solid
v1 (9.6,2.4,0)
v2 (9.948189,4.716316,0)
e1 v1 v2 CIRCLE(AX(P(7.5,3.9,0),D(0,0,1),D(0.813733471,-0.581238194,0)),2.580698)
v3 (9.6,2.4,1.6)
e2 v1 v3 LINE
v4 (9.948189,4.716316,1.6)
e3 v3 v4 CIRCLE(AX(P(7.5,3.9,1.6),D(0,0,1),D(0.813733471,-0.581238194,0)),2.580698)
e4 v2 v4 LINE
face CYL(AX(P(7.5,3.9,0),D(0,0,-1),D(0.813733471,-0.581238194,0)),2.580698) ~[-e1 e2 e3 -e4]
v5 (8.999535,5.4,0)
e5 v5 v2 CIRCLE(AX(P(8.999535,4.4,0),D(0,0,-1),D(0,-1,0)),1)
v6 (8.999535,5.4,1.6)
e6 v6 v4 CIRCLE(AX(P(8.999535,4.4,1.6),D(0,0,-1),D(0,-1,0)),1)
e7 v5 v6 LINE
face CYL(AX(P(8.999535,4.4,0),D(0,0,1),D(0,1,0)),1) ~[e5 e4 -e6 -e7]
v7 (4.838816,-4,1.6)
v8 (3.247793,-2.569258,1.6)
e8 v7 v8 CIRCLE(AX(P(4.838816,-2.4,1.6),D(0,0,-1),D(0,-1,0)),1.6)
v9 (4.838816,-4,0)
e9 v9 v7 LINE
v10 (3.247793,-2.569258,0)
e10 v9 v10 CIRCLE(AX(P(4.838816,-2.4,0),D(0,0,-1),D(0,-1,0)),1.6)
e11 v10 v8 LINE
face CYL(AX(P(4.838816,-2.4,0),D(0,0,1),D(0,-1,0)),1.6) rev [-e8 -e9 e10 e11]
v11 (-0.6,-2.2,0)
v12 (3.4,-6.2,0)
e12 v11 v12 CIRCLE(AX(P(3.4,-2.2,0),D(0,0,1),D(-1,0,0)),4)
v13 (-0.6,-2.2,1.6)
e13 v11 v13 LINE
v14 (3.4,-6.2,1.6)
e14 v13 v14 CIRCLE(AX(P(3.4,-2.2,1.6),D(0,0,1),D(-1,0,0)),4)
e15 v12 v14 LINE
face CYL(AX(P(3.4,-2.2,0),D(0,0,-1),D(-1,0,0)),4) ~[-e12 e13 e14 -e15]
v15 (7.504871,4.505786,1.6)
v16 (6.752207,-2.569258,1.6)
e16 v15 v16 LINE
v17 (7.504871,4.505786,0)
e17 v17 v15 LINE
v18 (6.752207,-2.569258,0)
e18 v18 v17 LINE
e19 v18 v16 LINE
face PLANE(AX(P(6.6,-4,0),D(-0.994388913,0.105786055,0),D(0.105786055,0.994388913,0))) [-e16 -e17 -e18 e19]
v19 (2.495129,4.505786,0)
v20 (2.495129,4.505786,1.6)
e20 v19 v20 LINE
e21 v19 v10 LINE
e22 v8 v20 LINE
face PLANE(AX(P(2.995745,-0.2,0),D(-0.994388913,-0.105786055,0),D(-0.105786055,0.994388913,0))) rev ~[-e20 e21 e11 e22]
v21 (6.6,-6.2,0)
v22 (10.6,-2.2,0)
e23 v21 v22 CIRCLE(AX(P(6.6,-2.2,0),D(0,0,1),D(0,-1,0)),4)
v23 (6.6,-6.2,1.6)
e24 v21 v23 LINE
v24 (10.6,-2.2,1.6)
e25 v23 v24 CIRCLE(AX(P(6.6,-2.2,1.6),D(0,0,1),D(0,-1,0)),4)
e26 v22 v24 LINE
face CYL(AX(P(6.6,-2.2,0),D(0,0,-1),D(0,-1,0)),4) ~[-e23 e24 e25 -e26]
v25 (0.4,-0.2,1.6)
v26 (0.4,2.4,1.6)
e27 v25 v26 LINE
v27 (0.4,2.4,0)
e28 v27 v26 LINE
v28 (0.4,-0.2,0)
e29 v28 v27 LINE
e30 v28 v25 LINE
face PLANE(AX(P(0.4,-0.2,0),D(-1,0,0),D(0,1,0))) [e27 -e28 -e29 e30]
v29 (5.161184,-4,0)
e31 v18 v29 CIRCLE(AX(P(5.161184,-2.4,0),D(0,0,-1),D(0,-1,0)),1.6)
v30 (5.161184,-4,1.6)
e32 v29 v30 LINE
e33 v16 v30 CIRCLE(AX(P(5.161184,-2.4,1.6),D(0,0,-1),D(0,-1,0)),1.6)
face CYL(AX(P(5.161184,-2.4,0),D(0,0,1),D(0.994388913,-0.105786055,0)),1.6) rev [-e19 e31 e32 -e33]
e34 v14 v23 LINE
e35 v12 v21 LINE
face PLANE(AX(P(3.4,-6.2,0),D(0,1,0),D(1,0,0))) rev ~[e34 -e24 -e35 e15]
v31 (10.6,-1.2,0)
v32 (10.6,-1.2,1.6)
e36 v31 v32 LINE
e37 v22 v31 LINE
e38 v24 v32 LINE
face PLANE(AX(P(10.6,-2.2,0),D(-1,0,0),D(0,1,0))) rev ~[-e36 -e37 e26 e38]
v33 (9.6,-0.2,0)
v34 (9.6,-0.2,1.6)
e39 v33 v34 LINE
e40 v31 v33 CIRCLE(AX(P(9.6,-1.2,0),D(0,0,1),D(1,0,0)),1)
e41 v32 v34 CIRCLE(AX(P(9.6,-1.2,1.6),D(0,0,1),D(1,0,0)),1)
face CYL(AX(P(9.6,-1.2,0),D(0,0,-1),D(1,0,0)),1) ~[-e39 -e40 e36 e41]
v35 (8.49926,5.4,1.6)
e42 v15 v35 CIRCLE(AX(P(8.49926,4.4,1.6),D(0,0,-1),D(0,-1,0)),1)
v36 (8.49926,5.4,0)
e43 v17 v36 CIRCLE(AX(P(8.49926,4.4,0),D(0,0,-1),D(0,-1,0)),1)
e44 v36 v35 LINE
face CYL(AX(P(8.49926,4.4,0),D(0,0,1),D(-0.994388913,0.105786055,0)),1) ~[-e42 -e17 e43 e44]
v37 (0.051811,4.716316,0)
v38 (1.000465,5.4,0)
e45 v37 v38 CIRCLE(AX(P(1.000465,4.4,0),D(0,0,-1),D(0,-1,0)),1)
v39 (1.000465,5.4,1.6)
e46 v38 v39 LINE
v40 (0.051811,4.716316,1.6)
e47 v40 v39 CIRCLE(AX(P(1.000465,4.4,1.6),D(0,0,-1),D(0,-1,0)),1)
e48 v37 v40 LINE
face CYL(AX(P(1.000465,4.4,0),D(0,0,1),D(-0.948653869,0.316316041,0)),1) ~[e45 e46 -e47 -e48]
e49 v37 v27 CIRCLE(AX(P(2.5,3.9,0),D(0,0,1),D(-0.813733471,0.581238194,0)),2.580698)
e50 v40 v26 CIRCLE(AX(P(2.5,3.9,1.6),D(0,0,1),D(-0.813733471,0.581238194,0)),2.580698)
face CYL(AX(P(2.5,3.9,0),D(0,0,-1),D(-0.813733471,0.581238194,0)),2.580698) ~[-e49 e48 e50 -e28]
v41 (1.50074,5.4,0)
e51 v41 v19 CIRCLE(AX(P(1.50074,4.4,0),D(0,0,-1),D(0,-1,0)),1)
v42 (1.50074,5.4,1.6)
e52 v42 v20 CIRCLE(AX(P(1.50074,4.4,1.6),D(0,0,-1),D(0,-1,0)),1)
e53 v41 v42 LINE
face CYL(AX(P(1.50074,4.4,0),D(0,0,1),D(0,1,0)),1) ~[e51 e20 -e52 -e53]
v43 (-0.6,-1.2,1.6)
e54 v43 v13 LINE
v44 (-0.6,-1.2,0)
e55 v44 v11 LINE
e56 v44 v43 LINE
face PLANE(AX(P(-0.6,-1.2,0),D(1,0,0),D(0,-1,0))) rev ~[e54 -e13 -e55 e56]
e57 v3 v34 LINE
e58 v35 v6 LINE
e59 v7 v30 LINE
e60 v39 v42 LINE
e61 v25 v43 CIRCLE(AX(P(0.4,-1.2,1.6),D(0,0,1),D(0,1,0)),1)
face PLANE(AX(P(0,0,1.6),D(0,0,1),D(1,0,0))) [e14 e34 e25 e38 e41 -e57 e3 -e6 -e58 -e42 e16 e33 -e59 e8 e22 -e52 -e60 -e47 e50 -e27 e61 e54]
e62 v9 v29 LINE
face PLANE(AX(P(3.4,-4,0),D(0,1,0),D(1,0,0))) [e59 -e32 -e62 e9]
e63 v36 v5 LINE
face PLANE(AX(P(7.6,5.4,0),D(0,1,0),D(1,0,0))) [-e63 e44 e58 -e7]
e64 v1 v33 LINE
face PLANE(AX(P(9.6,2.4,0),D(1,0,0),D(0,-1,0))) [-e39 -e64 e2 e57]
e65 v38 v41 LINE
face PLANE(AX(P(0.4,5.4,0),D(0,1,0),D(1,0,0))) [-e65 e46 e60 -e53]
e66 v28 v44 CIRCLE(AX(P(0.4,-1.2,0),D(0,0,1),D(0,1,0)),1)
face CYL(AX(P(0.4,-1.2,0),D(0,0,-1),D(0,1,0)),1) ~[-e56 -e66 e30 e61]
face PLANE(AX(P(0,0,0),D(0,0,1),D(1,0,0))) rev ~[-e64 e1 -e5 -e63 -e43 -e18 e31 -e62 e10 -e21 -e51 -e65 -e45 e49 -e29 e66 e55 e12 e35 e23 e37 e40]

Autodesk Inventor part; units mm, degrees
ref_plane "YZ Plane" through (0, 0, 0) normal (1, 0, 0) x (0, 1, 0)
ref_plane "XZ Plane" through (0, 0, 0) normal (0, 1, 0) x (-1, 0, 0)
sketch "clip_sketch" plane through (0, 0, 0) normal (0, 0, 1) x (1, 0, 0)
  line L0 (0.2, -0.2) -> (9.8, -0.2) projected
  line L1 (9.8, -0.2) -> (9.8, 2.4) projected
  line L2 (0.2, 2.4) -> (9.8, 2.4) projected
  line L3 (0.2, -0.2) -> (0.2, 2.4) projected
  line L4 (0.4, -0.2) -> (0.4, 2.4)
  line L5 (9.6, 2.4) -> (9.6, -0.2)
  line L6 (0.4, -0.2) -> (0.4, -0.2)
  line L7 (-0.6, -1.2) -> (-0.6, -2.2)
  line L8 (3.4, -6.2) -> (6.6, -6.2)
  line L9 (10.6, -2.2) -> (10.6, -1.2)
  line L10 (9.6, -0.2) -> (9.6, -0.2)
  line L11 (0.4, 2.4) -> (0.4, 5.4)
  line L12 (0.4, 5.4) -> (9.6, 5.4)
  line L13 (9.6, 5.4) -> (9.6, 2.4)
  line L14 (3.4, -4) -> (2.4, 5.4)
  line L15 (6.6, -4) -> (7.6, 5.4)
  arc A0 (0.4, 5.4) -> (0.4, 2.4) centre (2.5, 3.9) ccw
  arc A1 (9.6, 2.4) -> (9.6, 5.4) centre (7.5, 3.9) ccw
  line L16 (5, 2.4) -> (5, -0.2) construction
  arc A2 (0.4, -0.2) -> (-0.6, -1.2) centre (0.4, -1.2) ccw
  arc A3 (10.6, -1.2) -> (9.6, -0.2) centre (9.6, -1.2) ccw
  arc A4 (-0.6, -2.2) -> (3.4, -6.2) centre (3.4, -2.2) ccw
  arc A5 (6.6, -6.2) -> (10.6, -2.2) centre (6.6, -2.2) ccw
  line L17 (3.4, -4) -> (6.6, -4)
  point P0 (0, 0)
  point P1 (-0.6, -0.2)
  dimension "d31" = 0.2
  dimension "d32" = 0.2
  dimension "d33" = 1
  dimension "d34" = 1
  dimension "d35" = 6
  dimension "d36" = 2
  dimension "d37" = 2
  dimension "d39" = 5
  dimension "d40" = 5
  dimension "d41" = 3
  dimension "d42" = 1
  dimension "d43" = 4
  dimension "d44" = 2.2
  dimension "d45" = 1
ref_plane "Work Plane1" through (0.2, -0.2, 2) normal (0, 0, -1) x (0, 1, 0)
extrude "clip" add sketch "clip_sketch" along normal blind 1.6 contours L4 L2 L14 L0 | L0 L14 L17 L15 A3 L9 A5 L8 A4 L7 A2 | L11 L12 L14 L2 | A0 L11 | L15 L2 L5 L0 | L15 L12 L13 L2 | L13 A1
fillet "teeth" radius 1 4 edges at (2.4, 5.4, 0.8) (7.6, 5.4, 0.8) (0.4, 5.4, 0.8) (9.6, 5.4, 0.8)
fillet "inside" radius 1.6 2 edges at (3.4, -4, 0.8) (6.6, -4, 0.8)
properties part number "fastener_lock" material "ABS Plastic"
